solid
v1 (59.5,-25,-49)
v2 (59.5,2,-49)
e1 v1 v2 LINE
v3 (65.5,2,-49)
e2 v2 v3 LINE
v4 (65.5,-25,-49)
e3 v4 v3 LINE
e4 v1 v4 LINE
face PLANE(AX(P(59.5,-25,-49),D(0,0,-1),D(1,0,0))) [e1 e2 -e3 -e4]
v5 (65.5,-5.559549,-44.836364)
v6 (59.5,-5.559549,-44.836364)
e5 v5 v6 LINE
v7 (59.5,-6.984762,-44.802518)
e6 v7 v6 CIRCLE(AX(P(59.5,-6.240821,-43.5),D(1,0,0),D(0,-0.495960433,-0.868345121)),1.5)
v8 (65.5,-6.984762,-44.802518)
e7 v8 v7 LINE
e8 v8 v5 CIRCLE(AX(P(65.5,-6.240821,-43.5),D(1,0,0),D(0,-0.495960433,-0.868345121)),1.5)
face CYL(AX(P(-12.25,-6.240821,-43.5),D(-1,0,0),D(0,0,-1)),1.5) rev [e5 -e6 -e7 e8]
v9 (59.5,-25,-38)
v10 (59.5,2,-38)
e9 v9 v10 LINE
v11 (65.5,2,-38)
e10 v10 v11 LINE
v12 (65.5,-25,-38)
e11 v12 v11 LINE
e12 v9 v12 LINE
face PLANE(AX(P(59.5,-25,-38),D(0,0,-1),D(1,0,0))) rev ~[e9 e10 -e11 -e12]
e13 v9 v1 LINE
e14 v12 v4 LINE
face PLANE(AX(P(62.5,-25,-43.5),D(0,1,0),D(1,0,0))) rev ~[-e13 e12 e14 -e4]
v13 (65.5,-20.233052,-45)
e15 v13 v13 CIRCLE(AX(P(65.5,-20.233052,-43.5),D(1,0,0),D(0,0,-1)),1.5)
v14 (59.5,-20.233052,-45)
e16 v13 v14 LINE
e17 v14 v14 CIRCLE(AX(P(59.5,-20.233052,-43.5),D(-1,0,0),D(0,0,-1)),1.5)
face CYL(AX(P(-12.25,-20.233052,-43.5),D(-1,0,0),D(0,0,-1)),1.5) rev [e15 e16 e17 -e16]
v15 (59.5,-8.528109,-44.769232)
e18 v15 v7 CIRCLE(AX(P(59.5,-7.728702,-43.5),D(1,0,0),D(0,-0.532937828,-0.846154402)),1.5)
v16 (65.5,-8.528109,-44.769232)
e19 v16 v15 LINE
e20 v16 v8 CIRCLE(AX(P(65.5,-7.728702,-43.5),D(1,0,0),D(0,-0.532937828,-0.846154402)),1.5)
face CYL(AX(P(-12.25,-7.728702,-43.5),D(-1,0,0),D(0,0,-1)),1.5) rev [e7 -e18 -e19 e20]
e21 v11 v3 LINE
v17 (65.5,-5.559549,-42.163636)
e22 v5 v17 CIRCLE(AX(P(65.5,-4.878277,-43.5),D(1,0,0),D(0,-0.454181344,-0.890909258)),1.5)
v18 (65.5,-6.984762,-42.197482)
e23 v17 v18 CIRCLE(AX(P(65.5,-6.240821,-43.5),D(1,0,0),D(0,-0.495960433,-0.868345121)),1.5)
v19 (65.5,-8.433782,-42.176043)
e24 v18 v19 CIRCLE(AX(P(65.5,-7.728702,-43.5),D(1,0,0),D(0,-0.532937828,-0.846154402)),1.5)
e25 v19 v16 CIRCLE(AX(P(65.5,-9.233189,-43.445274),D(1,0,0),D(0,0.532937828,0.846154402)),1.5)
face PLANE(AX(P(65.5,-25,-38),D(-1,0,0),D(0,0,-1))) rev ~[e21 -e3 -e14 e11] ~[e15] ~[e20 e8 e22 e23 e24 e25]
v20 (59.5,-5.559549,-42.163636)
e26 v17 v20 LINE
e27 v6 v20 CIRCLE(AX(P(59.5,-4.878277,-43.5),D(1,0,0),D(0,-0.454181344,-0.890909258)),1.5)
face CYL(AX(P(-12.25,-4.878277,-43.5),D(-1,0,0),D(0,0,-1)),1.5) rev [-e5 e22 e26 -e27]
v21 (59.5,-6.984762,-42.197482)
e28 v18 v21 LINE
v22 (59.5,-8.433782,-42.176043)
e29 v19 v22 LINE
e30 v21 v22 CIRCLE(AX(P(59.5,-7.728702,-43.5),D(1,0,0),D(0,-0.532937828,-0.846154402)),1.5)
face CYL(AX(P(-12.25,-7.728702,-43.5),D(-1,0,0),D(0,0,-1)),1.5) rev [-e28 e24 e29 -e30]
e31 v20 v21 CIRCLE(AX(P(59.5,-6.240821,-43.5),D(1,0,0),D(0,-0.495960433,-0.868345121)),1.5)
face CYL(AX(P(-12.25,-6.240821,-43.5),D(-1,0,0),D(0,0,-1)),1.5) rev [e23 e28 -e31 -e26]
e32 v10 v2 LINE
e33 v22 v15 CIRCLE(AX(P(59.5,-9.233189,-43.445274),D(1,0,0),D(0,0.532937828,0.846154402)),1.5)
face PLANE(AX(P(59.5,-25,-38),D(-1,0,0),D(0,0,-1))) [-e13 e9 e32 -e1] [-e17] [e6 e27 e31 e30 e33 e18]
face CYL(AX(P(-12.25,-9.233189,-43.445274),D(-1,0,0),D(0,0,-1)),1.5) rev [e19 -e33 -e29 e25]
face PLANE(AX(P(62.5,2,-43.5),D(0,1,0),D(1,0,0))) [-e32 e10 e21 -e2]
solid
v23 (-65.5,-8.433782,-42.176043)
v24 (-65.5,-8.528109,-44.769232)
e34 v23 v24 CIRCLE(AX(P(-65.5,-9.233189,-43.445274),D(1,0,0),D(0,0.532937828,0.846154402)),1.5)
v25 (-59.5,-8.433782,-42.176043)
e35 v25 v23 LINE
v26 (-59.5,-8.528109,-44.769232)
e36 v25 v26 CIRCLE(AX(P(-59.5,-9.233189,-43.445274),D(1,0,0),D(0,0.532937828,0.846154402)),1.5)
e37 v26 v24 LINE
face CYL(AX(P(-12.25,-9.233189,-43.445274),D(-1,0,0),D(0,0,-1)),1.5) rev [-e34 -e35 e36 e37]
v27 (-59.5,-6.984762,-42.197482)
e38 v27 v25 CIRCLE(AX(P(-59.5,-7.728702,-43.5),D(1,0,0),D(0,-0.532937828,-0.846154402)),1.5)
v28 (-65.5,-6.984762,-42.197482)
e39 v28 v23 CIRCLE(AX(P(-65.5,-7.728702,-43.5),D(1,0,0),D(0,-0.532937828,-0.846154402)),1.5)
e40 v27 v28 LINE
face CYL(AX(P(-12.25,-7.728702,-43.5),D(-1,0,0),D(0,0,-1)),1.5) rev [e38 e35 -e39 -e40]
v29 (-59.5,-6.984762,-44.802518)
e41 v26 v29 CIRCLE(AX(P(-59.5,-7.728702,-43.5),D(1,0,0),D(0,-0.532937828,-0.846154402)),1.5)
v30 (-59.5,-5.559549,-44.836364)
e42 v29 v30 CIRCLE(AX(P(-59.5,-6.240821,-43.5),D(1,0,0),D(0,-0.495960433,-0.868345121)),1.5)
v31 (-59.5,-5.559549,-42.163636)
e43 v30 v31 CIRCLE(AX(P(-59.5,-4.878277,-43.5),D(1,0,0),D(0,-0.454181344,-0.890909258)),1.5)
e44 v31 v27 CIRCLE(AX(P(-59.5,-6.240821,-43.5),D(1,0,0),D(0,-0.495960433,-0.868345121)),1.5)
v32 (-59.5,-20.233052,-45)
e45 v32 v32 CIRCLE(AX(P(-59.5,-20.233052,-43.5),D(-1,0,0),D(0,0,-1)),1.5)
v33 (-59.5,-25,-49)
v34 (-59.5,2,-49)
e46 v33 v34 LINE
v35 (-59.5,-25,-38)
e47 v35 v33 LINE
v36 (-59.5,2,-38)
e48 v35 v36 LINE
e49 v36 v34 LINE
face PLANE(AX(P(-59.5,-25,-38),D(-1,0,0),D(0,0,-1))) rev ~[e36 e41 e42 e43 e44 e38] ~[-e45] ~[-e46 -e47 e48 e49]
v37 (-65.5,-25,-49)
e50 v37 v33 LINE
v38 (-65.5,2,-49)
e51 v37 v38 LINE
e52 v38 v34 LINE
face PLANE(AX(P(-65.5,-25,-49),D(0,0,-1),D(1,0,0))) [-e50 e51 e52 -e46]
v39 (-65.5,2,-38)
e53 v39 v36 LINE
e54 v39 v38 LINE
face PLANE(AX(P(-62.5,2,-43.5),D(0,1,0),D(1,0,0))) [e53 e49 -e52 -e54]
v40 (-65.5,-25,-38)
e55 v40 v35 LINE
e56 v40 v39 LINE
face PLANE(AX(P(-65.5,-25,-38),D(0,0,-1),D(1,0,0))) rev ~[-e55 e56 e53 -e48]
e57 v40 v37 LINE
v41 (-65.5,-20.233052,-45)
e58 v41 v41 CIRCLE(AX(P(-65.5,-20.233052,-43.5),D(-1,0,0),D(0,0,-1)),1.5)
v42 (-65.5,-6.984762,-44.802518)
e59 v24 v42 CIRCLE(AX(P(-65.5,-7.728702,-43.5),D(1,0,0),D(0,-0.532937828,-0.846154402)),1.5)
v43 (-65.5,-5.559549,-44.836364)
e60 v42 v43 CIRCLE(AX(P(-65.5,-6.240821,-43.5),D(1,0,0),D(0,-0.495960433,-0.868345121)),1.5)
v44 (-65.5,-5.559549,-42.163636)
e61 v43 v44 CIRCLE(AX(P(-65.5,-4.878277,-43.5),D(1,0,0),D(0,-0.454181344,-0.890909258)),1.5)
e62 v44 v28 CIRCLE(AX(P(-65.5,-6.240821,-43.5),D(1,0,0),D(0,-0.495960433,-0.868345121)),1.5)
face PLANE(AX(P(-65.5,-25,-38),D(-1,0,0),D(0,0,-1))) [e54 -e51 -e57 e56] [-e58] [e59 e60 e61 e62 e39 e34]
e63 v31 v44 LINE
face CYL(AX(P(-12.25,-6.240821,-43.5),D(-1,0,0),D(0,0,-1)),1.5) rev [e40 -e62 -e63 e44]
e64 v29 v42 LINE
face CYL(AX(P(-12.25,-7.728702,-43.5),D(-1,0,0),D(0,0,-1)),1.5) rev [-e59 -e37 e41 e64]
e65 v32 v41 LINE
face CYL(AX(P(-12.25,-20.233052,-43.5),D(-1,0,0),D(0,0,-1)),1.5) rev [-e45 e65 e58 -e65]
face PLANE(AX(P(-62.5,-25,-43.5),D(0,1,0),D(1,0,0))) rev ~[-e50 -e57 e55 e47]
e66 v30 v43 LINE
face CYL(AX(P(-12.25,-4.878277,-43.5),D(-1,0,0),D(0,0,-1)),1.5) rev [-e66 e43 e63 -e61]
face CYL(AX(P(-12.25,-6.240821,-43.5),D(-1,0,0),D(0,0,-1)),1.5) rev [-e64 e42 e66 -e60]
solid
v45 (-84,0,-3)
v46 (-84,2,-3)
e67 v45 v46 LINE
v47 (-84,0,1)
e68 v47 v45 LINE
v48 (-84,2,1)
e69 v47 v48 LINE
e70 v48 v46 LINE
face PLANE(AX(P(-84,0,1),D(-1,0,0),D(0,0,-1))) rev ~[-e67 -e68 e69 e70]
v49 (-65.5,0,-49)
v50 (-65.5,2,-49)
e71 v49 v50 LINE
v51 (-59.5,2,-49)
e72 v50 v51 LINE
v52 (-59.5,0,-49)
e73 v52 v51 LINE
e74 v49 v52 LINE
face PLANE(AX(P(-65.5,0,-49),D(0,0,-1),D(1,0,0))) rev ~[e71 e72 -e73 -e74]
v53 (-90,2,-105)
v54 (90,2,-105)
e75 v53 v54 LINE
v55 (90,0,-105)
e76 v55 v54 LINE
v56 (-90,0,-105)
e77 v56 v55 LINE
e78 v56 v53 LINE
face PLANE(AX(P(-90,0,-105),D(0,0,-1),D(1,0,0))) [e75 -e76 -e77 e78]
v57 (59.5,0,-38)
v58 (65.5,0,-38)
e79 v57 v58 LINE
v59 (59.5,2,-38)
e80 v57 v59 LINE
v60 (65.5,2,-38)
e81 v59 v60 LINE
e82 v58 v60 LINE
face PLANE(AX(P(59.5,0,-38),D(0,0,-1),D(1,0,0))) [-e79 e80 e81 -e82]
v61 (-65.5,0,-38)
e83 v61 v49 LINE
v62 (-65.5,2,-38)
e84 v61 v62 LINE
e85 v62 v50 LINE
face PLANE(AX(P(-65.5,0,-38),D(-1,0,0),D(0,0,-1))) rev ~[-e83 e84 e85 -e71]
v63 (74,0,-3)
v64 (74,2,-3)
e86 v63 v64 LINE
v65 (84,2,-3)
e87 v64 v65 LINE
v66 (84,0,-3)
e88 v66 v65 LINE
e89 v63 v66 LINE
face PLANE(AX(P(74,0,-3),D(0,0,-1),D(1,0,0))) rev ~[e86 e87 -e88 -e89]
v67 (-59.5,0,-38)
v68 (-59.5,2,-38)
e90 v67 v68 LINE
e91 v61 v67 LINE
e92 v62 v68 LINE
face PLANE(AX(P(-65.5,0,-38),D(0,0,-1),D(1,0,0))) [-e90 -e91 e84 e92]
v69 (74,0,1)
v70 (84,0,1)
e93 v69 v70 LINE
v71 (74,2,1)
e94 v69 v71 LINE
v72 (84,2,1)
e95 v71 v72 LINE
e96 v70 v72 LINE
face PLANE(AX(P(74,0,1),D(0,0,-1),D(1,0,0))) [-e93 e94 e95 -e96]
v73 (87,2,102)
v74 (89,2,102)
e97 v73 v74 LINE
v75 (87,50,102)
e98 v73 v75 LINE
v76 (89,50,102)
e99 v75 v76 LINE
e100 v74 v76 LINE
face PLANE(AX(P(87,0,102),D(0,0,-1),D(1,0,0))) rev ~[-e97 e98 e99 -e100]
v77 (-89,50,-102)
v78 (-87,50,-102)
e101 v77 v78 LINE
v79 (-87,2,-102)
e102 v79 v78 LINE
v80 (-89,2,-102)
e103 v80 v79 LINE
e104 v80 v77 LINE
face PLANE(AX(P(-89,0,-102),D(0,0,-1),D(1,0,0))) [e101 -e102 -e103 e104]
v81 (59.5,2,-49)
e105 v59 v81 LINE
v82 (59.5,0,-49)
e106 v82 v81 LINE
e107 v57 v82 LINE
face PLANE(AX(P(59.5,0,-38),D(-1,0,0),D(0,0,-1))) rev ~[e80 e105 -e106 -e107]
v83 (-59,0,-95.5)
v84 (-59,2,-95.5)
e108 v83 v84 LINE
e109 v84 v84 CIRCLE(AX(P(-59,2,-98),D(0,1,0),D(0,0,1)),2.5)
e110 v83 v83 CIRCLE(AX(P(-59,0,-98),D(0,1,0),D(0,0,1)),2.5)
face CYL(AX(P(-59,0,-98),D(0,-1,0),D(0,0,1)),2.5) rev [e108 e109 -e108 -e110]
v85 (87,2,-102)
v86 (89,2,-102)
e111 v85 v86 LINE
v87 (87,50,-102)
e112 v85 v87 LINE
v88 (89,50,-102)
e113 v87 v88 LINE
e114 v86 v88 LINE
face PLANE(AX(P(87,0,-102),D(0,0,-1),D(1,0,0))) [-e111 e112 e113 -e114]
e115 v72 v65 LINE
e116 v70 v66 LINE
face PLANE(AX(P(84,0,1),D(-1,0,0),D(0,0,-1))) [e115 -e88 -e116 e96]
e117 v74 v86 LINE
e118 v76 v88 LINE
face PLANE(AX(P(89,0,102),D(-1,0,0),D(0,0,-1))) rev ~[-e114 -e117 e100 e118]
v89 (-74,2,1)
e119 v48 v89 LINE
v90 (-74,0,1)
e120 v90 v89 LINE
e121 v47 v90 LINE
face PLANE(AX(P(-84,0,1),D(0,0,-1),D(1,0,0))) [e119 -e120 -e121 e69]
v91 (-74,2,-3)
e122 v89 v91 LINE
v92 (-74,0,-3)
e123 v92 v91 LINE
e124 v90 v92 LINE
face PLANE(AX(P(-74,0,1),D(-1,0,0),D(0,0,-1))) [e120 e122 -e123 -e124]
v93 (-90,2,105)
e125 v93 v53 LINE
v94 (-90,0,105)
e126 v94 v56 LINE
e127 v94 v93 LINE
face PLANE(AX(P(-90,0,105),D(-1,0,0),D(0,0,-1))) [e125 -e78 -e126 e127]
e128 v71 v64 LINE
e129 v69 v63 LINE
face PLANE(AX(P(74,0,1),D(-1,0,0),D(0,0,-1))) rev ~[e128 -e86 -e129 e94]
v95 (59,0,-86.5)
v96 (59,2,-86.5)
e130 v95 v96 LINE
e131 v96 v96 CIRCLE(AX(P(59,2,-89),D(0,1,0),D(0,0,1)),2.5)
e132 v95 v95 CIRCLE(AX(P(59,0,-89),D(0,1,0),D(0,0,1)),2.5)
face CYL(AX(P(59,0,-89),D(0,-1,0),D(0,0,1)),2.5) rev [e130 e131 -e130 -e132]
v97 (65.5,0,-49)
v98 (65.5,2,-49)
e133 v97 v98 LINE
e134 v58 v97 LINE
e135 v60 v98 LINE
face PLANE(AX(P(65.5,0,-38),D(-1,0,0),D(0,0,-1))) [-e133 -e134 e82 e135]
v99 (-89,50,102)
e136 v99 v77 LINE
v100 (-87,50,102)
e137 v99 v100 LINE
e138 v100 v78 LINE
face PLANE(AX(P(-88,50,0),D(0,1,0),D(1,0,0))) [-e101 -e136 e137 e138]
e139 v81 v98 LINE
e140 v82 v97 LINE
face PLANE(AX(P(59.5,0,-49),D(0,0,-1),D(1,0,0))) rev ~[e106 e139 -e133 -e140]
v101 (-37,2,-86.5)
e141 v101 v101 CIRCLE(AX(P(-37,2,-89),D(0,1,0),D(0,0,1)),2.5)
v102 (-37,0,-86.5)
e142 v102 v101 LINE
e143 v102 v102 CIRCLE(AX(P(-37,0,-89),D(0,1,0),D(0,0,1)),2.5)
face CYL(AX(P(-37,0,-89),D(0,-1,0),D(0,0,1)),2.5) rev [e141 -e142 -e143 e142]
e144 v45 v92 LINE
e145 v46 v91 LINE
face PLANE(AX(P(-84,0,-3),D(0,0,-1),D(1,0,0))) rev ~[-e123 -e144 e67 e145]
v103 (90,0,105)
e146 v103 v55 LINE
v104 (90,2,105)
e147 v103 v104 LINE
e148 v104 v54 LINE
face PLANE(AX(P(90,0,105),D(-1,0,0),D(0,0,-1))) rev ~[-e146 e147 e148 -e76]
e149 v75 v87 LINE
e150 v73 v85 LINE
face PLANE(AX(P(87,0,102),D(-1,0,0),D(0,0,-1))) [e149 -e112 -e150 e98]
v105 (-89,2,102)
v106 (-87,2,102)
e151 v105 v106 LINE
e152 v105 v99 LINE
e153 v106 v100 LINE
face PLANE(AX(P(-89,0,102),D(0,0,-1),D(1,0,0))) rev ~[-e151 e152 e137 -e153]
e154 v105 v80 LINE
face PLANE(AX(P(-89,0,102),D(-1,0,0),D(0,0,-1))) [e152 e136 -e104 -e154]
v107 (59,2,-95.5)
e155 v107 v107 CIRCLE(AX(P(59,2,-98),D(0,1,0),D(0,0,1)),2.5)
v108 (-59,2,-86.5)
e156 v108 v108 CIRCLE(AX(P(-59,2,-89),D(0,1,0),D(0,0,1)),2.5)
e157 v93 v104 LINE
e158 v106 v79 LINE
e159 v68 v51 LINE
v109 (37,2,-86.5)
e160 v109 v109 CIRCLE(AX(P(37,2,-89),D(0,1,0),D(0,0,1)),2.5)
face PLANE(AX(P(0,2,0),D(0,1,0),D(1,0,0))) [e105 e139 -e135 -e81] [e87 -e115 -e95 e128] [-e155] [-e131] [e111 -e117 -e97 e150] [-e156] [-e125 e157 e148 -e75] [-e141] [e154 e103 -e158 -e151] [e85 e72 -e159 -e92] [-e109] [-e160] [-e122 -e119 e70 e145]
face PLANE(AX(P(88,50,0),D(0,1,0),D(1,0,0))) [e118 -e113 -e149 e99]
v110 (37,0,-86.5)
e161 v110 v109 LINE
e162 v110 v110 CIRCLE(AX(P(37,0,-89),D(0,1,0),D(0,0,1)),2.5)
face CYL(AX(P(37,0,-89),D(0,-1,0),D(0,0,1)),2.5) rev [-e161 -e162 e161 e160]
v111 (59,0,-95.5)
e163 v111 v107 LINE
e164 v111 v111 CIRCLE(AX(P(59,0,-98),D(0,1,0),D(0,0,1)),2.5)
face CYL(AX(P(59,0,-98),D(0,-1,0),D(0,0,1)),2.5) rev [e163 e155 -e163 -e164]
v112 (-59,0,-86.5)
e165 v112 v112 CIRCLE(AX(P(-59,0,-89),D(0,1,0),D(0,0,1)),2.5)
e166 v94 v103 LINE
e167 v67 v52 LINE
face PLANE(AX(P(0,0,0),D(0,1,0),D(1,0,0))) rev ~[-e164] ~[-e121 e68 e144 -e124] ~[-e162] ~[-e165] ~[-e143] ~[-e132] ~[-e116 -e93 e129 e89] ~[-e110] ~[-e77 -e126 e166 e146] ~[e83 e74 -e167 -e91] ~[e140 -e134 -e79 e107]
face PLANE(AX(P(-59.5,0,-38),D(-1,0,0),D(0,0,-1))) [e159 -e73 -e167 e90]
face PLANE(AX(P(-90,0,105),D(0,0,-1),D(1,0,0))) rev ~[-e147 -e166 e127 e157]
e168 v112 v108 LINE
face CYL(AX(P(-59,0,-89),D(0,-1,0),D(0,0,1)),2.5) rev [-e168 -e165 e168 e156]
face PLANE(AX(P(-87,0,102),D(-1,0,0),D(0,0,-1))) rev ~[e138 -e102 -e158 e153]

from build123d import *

# Parameters (mm, degrees)
SKETCH1_W              = 180
SKETCH1_H              = 210
SKETCH1_R              = 2.5
SKETCH1_W_2            = 10
SKETCH1_H_2            = 4
SKETCH1_W_3            = 6
SKETCH1_H_3            = 11
SKETCH1_W_4            = 2
SKETCH1_H_4            = 204
MAINBODY_DEPTH         = 2
SAYAPRODA_DEPTH        = 2
SAYAPRODA_DEPTH_BACK   = 25
SKETCH1_4_W            = 6
SKETCH1_4_H            = 11
SAYAPRODA_2_DEPTH      = 2
SAYAPRODA_2_DEPTH_BACK = 25
SKETCH9_W              = 1.5
SKETCH9_H              = 155.5
HOLE1_AT_2_COUNT       = 2
HOLE1_AT_2_PITCH       = 11
HOLE1_AT_3_COUNT       = 2
HOLE1_AT_3_PITCH       = 12.504350098
HOLE1_AT_4_COUNT       = 2
HOLE1_AT_4_PITCH       = 13.992231398
HOLE1_AT_5_COUNT       = 2
HOLE1_AT_5_PITCH       = 15.354775431
SKETCH1_5_W            = 2
SKETCH1_5_H            = 204
BOSS_EXTRUDE4_DEPTH    = 50


with BuildPart() as part:
    # Sketch1 → MainBody (new body)
    with BuildSketch(Plane(origin=(0, 0, 0), x_dir=(1, 0, 0), z_dir=(0, 1, 0))):
        Rectangle(SKETCH1_W, SKETCH1_H)
        with Locations((-59, 98)):
            Circle(SKETCH1_R, mode=Mode.SUBTRACT)
        with Locations((-59, 89)):
            Circle(SKETCH1_R, mode=Mode.SUBTRACT)
        with Locations((-37, 89)):
            Circle(SKETCH1_R, mode=Mode.SUBTRACT)
        with Locations((59, 98)):
            Circle(SKETCH1_R, mode=Mode.SUBTRACT)
        with Locations((59, 89)):
            Circle(SKETCH1_R, mode=Mode.SUBTRACT)
        with Locations((37, 89)):
            Circle(SKETCH1_R, mode=Mode.SUBTRACT)
        with Locations((79, 1)):
            Rectangle(SKETCH1_W_2, SKETCH1_H_2, mode=Mode.SUBTRACT)
        with Locations((-79, 1)):
            Rectangle(SKETCH1_W_2, SKETCH1_H_2, mode=Mode.SUBTRACT)
        with Locations((-62.5, 43.5)):
            Rectangle(SKETCH1_W_3, SKETCH1_H_3, mode=Mode.SUBTRACT)
        with Locations((62.5, 43.5)):
            Rectangle(SKETCH1_W_3, SKETCH1_H_3, mode=Mode.SUBTRACT)
        with Locations((-88, 0)):
            Rectangle(SKETCH1_W_4, SKETCH1_H_4, mode=Mode.SUBTRACT)
        with Locations((88, 0)):
            Rectangle(SKETCH1_W_4, SKETCH1_H_4, mode=Mode.SUBTRACT)
    extrude(amount=MAINBODY_DEPTH)

    # Sketch1<5> → Boss-Extrude4 (add)
    with BuildSketch(Plane(origin=(0, 0, 0), x_dir=(1, 0, 0), z_dir=(0, 1, 0))):
        with Locations((-88, 0)):
            Rectangle(SKETCH1_5_W, SKETCH1_5_H)
        with Locations((88, 0)):
            Rectangle(SKETCH1_5_W, SKETCH1_5_H)
    extrude(amount=BOSS_EXTRUDE4_DEPTH)


with BuildPart() as body_2:
    # Sketch1<4> → SayapRoda (new, two sides: drawn at the far end of the back side and taken through both)
    with BuildSketch(Plane(origin=(0, 0, 0), x_dir=(1, 0, 0), z_dir=(0, 1, 0)).offset(-SAYAPRODA_DEPTH_BACK)):
        with Locations((-62.5, 43.5)):
            Rectangle(SKETCH1_4_W, SKETCH1_4_H)
    extrude(amount=SAYAPRODA_DEPTH + SAYAPRODA_DEPTH_BACK)


with BuildPart() as body_3:
    # Sketch1<4> → SayapRoda 2 (new, two sides: drawn at the far end of the back side and taken through both)
    with BuildSketch(Plane(origin=(0, 0, 0), x_dir=(1, 0, 0), z_dir=(0, 1, 0)).offset(-SAYAPRODA_2_DEPTH_BACK)):
        with Locations((62.5, 43.5)):
            Rectangle(SKETCH1_4_W, SKETCH1_4_H)
    extrude(amount=SAYAPRODA_2_DEPTH + SAYAPRODA_2_DEPTH_BACK)


with BuildPart() as hole1_tool:
    # Sketch9 → Hole1 (revolve)
    with BuildSketch(Plane(origin=(65.5, -20.233052412, -43.5), x_dir=(0, 0, -1), z_dir=(0, 1, 0))):
        with Locations((0.75, 77.75)):
            Rectangle(SKETCH9_W, SKETCH9_H)
    hole1 = revolve(axis=Axis((-44.5, -20.233052412, -43.5), (1, 0, 0)))


with BuildPart() as body_2_1:
    add(body_2.part)

    # Hole1: cut by hole1_tool
    add(hole1_tool.part, mode=Mode.SUBTRACT)


with BuildPart() as body_3_1:
    add(body_3.part)

    # Hole1: cut by hole1_tool
    add(hole1_tool.part, mode=Mode.SUBTRACT)


with BuildPart() as hole1_at_2_tool:
    # Hole1 at 2: Hole1 ×2
    with Locations(*[Vector(0, 0.9999876242984519, 0.004975062807454704) * (i * HOLE1_AT_2_PITCH) for i in range(1, HOLE1_AT_2_COUNT)]):
        add(hole1)


with BuildPart() as body_2_2:
    add(body_2_1.part)

    # Hole1 at 2: cut by hole1_at_2_tool
    add(hole1_at_2_tool.part, mode=Mode.SUBTRACT)


with BuildPart() as body_3_2:
    add(body_3_1.part)

    # Hole1 at 2: cut by hole1_at_2_tool
    add(hole1_at_2_tool.part, mode=Mode.SUBTRACT)


with BuildPart() as hole1_at_3_tool:
    # Hole1 at 3: Hole1 ×2
    with Locations(*[(0, i * HOLE1_AT_3_PITCH, 0) for i in range(1, HOLE1_AT_3_COUNT)]):
        add(hole1)


with BuildPart() as body_2_3:
    add(body_2_2.part)

    # Hole1 at 3: cut by hole1_at_3_tool
    add(hole1_at_3_tool.part, mode=Mode.SUBTRACT)


with BuildPart() as body_3_3:
    add(body_3_2.part)

    # Hole1 at 3: cut by hole1_at_3_tool
    add(hole1_at_3_tool.part, mode=Mode.SUBTRACT)


with BuildPart() as hole1_at_4_tool:
    # Hole1 at 4: Hole1 ×2
    with Locations(*[(0, i * HOLE1_AT_4_PITCH, 0) for i in range(1, HOLE1_AT_4_COUNT)]):
        add(hole1)


with BuildPart() as body_2_4:
    add(body_2_3.part)

    # Hole1 at 4: cut by hole1_at_4_tool
    add(hole1_at_4_tool.part, mode=Mode.SUBTRACT)


with BuildPart() as body_3_4:
    add(body_3_3.part)

    # Hole1 at 4: cut by hole1_at_4_tool
    add(hole1_at_4_tool.part, mode=Mode.SUBTRACT)


with BuildPart() as hole1_at_5_tool:
    # Hole1 at 5: Hole1 ×2
    with Locations(*[(0, i * HOLE1_AT_5_PITCH, 0) for i in range(1, HOLE1_AT_5_COUNT)]):
        add(hole1)


with BuildPart() as body_2_5:
    add(body_2_4.part)

    # Hole1 at 5: cut by hole1_at_5_tool
    add(hole1_at_5_tool.part, mode=Mode.SUBTRACT)


with BuildPart() as body_3_5:
    add(body_3_4.part)

    # Hole1 at 5: cut by hole1_at_5_tool
    add(hole1_at_5_tool.part, mode=Mode.SUBTRACT)


solid = Compound([part.part, body_2_5.part, body_3_5.part])
